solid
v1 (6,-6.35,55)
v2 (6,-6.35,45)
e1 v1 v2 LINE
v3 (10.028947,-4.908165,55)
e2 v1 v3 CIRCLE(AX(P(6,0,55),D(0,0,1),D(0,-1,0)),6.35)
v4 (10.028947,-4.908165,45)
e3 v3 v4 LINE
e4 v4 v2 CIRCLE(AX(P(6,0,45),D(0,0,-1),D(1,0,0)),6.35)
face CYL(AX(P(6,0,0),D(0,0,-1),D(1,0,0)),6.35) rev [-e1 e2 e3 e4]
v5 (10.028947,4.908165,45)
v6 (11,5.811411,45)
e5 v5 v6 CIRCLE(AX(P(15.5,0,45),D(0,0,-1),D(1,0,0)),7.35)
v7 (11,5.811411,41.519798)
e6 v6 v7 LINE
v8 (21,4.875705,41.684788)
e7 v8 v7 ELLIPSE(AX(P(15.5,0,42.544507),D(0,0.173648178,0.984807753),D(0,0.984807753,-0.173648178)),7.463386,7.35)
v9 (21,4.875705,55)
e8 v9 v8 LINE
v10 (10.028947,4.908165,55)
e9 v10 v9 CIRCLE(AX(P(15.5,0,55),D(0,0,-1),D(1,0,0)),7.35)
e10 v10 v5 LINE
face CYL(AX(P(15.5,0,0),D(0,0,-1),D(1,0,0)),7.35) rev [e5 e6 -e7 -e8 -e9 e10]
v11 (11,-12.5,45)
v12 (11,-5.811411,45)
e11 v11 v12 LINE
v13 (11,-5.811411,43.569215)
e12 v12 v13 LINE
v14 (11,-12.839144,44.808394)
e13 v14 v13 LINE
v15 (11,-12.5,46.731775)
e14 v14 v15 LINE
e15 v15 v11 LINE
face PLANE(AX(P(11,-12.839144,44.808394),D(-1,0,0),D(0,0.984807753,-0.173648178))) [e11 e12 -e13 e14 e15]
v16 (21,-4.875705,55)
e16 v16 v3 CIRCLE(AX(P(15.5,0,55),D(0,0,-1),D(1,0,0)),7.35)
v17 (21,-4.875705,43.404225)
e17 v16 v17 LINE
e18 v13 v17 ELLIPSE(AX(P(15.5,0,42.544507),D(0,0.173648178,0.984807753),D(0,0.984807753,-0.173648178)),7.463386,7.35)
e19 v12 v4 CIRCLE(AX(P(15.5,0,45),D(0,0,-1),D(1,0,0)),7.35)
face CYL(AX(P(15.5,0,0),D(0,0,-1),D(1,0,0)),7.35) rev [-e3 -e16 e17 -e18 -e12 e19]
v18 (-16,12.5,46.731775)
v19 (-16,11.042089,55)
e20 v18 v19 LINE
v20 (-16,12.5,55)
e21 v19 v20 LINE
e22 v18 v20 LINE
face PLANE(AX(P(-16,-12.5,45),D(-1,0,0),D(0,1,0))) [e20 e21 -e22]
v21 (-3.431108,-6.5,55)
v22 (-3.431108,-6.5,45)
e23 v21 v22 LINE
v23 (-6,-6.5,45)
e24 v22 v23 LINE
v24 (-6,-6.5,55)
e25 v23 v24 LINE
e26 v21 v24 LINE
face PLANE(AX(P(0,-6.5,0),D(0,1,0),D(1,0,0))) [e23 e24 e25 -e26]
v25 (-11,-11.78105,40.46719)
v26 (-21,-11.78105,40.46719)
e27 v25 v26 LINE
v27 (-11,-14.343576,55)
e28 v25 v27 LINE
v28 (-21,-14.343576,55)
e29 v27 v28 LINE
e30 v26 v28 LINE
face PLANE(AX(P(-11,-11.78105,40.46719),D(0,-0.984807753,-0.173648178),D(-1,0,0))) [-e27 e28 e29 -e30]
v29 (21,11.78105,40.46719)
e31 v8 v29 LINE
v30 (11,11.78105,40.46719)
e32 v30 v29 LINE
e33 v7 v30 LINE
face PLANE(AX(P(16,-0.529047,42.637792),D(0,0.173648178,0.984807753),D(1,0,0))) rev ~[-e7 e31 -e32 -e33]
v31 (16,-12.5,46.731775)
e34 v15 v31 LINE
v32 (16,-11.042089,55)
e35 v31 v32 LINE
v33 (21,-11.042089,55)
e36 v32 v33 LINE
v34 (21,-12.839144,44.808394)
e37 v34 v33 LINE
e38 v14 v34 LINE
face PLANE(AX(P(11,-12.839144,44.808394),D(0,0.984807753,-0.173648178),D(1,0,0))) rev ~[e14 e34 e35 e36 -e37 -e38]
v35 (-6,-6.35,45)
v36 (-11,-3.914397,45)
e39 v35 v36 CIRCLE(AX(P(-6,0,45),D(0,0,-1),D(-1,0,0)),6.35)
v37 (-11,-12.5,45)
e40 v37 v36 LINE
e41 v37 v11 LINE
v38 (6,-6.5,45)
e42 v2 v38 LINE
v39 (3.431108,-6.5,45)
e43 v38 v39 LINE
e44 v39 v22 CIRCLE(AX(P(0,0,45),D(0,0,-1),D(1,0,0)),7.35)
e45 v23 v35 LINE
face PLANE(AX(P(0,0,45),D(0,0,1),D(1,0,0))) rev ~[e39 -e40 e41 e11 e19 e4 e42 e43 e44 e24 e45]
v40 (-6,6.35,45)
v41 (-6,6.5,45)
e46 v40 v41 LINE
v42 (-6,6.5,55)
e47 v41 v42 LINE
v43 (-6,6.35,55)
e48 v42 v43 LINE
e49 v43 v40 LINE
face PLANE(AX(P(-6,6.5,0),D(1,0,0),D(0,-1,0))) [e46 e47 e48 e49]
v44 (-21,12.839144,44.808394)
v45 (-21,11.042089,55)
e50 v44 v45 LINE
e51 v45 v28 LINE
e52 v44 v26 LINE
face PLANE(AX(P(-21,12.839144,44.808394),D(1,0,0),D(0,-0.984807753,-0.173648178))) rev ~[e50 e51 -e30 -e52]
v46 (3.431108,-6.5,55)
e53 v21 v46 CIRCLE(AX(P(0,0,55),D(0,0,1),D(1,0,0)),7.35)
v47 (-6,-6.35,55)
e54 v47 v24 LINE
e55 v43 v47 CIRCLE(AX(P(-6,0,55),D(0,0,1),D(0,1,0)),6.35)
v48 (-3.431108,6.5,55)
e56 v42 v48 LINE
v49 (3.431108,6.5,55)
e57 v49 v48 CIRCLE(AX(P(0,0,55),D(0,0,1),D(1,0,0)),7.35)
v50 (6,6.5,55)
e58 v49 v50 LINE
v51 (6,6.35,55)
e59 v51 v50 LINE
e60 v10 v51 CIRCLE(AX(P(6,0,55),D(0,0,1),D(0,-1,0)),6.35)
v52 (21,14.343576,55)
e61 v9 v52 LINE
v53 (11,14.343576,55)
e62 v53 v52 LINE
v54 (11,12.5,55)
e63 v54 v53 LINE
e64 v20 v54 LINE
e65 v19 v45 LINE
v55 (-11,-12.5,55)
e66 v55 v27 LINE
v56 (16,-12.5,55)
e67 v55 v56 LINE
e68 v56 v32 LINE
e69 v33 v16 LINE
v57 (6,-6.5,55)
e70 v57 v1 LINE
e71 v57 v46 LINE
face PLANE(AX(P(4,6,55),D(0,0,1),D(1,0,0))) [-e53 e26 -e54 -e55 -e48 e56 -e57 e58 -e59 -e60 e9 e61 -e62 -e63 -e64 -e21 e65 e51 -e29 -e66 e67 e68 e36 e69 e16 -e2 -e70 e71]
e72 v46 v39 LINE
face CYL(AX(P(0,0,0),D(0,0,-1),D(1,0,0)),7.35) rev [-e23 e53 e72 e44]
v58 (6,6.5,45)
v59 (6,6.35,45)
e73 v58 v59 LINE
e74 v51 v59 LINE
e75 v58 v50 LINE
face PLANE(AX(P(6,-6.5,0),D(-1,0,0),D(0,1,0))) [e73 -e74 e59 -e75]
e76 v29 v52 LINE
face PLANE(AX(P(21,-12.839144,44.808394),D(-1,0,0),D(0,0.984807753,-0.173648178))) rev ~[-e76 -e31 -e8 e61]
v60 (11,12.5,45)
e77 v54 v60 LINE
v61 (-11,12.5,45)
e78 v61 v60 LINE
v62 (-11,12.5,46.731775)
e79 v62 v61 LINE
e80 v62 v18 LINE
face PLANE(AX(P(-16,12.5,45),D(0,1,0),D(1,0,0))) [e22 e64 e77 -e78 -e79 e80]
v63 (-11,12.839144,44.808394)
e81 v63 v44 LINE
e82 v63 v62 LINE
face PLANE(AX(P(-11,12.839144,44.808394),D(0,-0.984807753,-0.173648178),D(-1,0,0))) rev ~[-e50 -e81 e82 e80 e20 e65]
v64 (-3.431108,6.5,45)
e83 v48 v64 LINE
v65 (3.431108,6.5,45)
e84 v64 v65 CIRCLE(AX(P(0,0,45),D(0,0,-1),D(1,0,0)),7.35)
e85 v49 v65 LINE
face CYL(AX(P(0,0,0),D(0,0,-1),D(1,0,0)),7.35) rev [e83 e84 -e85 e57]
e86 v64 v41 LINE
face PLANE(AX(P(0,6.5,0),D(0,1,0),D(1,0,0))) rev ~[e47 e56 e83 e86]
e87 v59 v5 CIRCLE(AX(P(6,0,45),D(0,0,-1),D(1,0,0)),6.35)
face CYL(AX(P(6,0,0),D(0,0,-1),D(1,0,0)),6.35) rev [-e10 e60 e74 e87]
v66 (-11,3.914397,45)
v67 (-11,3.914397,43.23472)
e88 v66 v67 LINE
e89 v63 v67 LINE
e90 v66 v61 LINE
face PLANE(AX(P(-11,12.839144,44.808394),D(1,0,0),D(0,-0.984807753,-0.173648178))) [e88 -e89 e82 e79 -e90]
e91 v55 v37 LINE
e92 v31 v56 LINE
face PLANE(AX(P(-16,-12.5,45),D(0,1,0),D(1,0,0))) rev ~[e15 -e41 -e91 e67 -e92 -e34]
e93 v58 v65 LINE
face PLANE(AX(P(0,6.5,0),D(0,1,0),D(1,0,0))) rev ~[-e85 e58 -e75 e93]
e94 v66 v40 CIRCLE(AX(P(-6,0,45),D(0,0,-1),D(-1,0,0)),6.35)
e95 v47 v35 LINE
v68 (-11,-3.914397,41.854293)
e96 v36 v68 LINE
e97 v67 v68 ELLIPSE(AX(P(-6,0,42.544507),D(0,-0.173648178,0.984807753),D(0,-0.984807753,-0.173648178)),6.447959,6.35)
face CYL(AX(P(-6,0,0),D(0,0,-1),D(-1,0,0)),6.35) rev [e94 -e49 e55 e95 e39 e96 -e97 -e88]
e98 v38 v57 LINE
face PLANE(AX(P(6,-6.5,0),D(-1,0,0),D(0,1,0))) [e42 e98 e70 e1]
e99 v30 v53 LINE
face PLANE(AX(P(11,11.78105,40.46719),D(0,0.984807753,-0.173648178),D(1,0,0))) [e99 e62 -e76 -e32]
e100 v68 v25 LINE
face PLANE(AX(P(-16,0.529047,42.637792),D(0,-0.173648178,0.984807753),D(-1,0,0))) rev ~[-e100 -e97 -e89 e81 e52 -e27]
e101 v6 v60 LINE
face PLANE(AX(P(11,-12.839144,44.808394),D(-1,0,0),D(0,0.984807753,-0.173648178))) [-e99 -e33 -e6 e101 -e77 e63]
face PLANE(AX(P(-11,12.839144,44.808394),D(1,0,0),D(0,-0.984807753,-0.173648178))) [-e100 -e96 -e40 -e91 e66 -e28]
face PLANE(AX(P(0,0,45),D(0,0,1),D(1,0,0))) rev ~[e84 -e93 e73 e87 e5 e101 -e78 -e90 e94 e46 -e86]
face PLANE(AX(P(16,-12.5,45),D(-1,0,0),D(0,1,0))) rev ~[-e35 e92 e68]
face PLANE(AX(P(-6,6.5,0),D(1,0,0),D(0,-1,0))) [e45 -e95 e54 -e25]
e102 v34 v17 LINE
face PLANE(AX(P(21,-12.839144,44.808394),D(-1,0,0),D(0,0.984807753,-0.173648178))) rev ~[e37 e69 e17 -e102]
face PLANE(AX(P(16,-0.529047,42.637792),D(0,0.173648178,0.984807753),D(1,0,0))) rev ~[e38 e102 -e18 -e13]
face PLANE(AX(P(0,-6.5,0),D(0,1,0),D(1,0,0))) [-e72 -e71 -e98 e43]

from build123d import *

# Parameters (mm, degrees)
BOX068_W                  = 6
BOX068_H                  = 13
BOX068_DEPTH              = 55
CYLINDER051_R             = 6.35
CYLINDER051_DEPTH         = 55
BOX069_W                  = 6
BOX069_H                  = 13
BOX069_DEPTH              = 55
CYLINDER052_R             = 6.35
CYLINDER052_DEPTH         = 55
FUSION100_PLACEMENT_ANGLE = 180
CYLINDER050_R             = 7.35
CYLINDER050_DEPTH         = 55
CYLINDER_R                = 7.35
CYLINDER_DEPTH            = 60
BOX067_W                  = 62
BOX067_H                  = 55
BOX067_DEPTH              = 10
BOX066_W                  = 10
BOX066_H                  = 25
BOX066_DEPTH              = 20
BOX066_PLACEMENT_ANGLE    = 10
CYLINDER049_R             = 6.35
CYLINDER049_DEPTH         = 55
FUSION097_PLACEMENT_ANGLE = 180
BOX_W                     = 32
BOX_H                     = 25
BOX_DEPTH                 = 10
BOX065_W                  = 10
BOX065_H                  = 25
BOX065_DEPTH              = 20
BOX065_PLACEMENT_ANGLE    = 10
CYLINDER048_R             = 6.35
CYLINDER048_DEPTH         = 55


with BuildPart() as cube068:
    # Box068 → Box068 (new body)
    with BuildSketch(Plane(origin=(0, -6.5, 0), x_dir=(1, 0, 0), z_dir=(0, 0, 1))):
        with Locations((3, 6.5)):
            Rectangle(BOX068_W, BOX068_H)
    extrude(amount=BOX068_DEPTH)


with BuildPart() as fusion099:
    # Cylinder051 → Cylinder051 (new body)
    with BuildSketch(Plane(origin=(6, 0, 0), x_dir=(1, 0, 0), z_dir=(0, 0, 1))):
        Circle(CYLINDER051_R)
    extrude(amount=CYLINDER051_DEPTH)

    # Fusion099: union Cube068
    add(cube068.part)


with BuildPart() as cube069:
    # Box069 → Box069 (new body)
    with BuildSketch(Plane(origin=(0, -6.5, 0), x_dir=(1, 0, 0), z_dir=(0, 0, 1))):
        with Locations((3, 6.5)):
            Rectangle(BOX069_W, BOX069_H)
    extrude(amount=BOX069_DEPTH)


with BuildPart() as fusion101:
    # Cylinder052 → Cylinder052 (new body)
    with BuildSketch(Plane(origin=(6, 0, 0), x_dir=(1, 0, 0), z_dir=(0, 0, 1))):
        Circle(CYLINDER052_R)
    extrude(amount=CYLINDER052_DEPTH)

    # Fusion100: union Cube069
    add(cube069.part)


with BuildPart() as fusion101_1:
    # Fusion100 placement: moved
    add(fusion101.part.rotate(Axis((0, 0, 0), (0, 0, 1)), FUSION100_PLACEMENT_ANGLE))

    # Fusion101: union Fusion099
    add(fusion099.part)


with BuildPart() as bevilpin037:
    # Cylinder050 → Cylinder050 (new body)
    with BuildSketch(Plane.XY):
        Circle(CYLINDER050_R)
    extrude(amount=CYLINDER050_DEPTH)


with BuildPart() as cylinder:
    # Cylinder → Cylinder (new body)
    with BuildSketch(Plane(origin=(15.5, 0, 0), x_dir=(1, 0, 0), z_dir=(0, 0, 1))):
        Circle(CYLINDER_R)
    extrude(amount=CYLINDER_DEPTH)


with BuildPart() as cube067:
    # Box067 → Box067 (new body)
    with BuildSketch(Plane(origin=(-27, -21.5, 55), x_dir=(1, 0, 0), z_dir=(0, 0, 1))):
        with Locations((31, 27.5)):
            Rectangle(BOX067_W, BOX067_H)
    extrude(amount=BOX067_DEPTH)


with BuildPart() as cube066:
    # Box066 → Box066 (new body)
    with BuildSketch(Plane.XY):
        with Locations((5, 12.5)):
            Rectangle(BOX066_W, BOX066_H)
    extrude(amount=BOX066_DEPTH)


with BuildPart() as cube066_1:
    # Box066 placement: moved
    add(cube066.part.moved(Location((11, -12.839144, 44.808394))).rotate(Axis((11, -12.839144, 44.808394), (-1, 0, 0)), BOX066_PLACEMENT_ANGLE))


with BuildPart() as fusion097:
    # Cylinder049 → Cylinder049 (new body)
    with BuildSketch(Plane.XY):
        Circle(CYLINDER049_R)
    extrude(amount=CYLINDER049_DEPTH)

    # Fusion097: union Cube066
    add(cube066_1.part)


with BuildPart() as fusion097_1:
    # Fusion097 placement: moved
    add(fusion097.part.rotate(Axis((0, 0, 0), (0, 0, 1)), FUSION097_PLACEMENT_ANGLE))


with BuildPart() as fusion:
    # Box → Box (new body)
    with BuildSketch(Plane(origin=(-16, -12.5, 45), x_dir=(1, 0, 0), z_dir=(0, 0, 1))):
        with Locations((16, 12.5)):
            Rectangle(BOX_W, BOX_H)
    extrude(amount=BOX_DEPTH)

    # Fusion: union Fusion097
    add(fusion097_1.part)


with BuildPart() as cube065:
    # Box065 → Box065 (new body)
    with BuildSketch(Plane.XY):
        with Locations((5, 12.5)):
            Rectangle(BOX065_W, BOX065_H)
    extrude(amount=BOX065_DEPTH)


with BuildPart() as cube065_1:
    # Box065 placement: moved
    add(cube065.part.moved(Location((11, -12.839144, 44.808394))).rotate(Axis((11, -12.839144, 44.808394), (-1, 0, 0)), BOX065_PLACEMENT_ANGLE))


with BuildPart() as cut003:
    # Cylinder048 → Cylinder048 (new body)
    with BuildSketch(Plane.XY):
        Circle(CYLINDER048_R)
    extrude(amount=CYLINDER048_DEPTH)

    # Fusion096: union Cube065
    add(cube065_1.part)

    # Fusion098: union Fusion
    add(fusion.part)

    # Cut: cut Cube067
    add(cube067.part, mode=Mode.SUBTRACT)

    # Cut001: cut Cylinder
    add(cylinder.part, mode=Mode.SUBTRACT)

    # Cut002: cut bevilPin037
    add(bevilpin037.part, mode=Mode.SUBTRACT)

    # Cut003: cut Fusion101
    add(fusion101_1.part, mode=Mode.SUBTRACT)


solid = cut003.part
